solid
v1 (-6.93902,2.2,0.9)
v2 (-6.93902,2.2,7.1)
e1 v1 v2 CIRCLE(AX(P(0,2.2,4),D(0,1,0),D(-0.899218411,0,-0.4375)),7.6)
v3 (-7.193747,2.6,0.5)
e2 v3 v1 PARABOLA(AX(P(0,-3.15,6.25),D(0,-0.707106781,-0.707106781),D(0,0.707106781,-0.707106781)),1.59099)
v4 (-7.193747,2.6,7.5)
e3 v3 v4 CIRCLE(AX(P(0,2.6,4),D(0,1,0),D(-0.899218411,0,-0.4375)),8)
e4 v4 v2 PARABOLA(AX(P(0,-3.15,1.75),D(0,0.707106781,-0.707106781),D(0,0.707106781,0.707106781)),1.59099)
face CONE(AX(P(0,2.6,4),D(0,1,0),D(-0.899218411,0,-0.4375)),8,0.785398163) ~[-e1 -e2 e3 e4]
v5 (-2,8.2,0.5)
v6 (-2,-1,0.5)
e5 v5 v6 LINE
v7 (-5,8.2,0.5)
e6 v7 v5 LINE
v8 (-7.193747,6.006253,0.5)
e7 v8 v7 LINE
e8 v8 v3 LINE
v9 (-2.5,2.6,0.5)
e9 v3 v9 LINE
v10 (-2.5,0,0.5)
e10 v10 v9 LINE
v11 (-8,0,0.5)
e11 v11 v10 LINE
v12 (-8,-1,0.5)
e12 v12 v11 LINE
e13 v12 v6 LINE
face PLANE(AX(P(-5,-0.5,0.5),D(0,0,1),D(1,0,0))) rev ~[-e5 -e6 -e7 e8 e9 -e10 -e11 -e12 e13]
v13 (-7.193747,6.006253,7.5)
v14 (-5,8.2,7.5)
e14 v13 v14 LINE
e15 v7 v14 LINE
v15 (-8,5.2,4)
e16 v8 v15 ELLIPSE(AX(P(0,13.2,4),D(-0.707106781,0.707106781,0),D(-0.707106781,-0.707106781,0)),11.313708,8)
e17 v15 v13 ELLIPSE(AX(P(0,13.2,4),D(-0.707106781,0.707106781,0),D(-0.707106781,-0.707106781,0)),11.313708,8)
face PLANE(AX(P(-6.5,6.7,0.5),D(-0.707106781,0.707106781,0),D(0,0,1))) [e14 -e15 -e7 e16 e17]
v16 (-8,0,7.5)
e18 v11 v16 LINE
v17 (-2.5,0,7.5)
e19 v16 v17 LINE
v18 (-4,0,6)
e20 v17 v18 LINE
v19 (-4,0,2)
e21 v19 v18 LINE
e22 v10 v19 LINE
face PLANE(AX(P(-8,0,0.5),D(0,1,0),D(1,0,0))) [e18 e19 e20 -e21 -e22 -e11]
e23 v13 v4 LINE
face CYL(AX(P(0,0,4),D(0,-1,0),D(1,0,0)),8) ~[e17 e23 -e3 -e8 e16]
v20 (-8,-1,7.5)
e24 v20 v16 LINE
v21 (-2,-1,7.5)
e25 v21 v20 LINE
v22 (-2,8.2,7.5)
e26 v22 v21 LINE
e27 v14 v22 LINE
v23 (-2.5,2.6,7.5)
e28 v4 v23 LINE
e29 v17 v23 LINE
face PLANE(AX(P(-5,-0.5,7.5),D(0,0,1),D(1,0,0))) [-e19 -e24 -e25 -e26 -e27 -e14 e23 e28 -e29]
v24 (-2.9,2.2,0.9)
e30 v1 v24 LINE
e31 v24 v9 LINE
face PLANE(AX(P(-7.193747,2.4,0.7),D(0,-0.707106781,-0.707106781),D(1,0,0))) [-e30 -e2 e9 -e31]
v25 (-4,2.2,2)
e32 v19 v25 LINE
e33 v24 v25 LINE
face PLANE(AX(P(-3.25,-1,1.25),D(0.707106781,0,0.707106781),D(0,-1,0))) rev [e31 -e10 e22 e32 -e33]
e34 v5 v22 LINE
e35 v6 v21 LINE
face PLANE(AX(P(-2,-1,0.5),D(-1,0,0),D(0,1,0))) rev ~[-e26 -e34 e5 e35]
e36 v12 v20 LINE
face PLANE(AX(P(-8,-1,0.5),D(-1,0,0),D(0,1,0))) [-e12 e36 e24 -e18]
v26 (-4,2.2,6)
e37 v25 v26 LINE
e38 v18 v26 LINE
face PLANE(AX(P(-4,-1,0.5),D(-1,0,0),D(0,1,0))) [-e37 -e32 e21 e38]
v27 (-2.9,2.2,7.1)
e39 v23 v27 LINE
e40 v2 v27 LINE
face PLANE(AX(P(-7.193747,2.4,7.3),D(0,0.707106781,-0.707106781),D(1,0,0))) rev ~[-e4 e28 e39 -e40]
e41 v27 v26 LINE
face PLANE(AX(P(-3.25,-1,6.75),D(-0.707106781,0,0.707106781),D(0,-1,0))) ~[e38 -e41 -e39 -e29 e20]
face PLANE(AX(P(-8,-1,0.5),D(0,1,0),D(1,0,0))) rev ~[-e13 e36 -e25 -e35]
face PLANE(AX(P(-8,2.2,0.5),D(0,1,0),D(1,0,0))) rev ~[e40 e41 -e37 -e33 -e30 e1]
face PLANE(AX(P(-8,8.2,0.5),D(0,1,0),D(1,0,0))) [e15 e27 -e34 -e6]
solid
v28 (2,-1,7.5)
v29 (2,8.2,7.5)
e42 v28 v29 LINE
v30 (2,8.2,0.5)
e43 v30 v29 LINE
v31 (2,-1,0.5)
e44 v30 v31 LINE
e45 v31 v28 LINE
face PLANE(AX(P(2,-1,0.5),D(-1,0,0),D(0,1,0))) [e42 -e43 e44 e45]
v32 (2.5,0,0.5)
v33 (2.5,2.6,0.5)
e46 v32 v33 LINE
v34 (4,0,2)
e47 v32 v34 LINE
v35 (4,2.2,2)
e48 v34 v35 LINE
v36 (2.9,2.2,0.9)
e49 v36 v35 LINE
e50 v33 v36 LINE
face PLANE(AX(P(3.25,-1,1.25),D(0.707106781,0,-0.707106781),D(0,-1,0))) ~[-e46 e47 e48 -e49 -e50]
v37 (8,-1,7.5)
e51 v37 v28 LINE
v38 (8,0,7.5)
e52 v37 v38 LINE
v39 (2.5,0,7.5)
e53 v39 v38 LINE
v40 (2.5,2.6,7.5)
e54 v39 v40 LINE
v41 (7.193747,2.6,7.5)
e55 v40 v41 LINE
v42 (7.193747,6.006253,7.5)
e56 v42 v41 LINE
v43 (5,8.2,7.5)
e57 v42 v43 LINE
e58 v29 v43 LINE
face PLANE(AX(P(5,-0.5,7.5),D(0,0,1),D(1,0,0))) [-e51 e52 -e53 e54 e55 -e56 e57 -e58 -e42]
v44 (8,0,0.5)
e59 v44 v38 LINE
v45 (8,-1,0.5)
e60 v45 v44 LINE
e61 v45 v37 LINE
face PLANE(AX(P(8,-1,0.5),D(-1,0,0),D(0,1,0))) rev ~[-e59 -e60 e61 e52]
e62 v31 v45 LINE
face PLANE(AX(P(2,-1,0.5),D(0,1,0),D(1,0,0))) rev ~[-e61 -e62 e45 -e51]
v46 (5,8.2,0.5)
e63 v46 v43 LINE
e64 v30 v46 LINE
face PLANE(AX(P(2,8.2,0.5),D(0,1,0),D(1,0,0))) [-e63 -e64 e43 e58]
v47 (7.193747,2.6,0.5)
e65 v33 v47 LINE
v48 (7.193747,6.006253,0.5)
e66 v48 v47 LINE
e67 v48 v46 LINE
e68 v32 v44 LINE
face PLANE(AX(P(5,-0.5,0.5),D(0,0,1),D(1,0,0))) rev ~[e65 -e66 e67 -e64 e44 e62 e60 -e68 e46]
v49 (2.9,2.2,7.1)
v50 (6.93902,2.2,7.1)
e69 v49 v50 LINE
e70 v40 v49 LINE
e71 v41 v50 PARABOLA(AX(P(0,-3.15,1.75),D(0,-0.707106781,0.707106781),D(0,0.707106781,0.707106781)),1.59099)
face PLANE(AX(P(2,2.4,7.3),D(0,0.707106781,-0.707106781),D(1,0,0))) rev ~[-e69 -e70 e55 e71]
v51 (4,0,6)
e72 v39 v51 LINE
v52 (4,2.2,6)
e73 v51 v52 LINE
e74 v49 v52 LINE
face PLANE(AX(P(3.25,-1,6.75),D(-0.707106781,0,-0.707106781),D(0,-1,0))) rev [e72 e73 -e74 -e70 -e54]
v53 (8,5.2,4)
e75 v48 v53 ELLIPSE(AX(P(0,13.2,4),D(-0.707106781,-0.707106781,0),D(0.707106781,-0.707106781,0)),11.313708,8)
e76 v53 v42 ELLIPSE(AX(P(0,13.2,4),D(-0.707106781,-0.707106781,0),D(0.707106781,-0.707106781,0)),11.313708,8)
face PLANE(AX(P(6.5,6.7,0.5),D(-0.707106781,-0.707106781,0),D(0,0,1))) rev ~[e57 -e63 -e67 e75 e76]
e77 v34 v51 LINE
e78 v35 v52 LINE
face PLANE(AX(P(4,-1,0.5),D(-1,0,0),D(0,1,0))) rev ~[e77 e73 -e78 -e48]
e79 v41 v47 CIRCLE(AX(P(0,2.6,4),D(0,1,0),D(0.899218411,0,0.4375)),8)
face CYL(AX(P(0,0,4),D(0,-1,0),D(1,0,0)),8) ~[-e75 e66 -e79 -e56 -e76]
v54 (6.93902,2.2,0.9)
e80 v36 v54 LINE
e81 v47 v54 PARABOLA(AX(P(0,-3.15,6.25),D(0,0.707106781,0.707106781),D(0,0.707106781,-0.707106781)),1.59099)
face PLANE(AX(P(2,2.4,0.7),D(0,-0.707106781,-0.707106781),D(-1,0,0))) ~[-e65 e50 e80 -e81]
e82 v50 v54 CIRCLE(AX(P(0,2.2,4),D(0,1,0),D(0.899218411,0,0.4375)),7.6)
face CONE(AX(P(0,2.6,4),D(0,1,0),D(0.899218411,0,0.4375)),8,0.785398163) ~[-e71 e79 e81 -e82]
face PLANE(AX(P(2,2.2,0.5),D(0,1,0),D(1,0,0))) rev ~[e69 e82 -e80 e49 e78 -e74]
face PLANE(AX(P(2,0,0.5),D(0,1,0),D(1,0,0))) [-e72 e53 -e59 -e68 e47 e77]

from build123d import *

# Parameters (mm, degrees)
BOX005_W        = 6
BOX005_H        = 1
BOX005_DEPTH    = 7
BOX002_W        = 6
BOX002_H        = 1
BOX002_DEPTH    = 7
BOX001_W        = 2
BOX001_H        = 9
BOX001_DEPTH    = 7
BOX_W           = 2
BOX_H           = 9
BOX_DEPTH       = 7
CHAMFER_SIZE    = 1.5
BOX003_W        = 6
BOX003_H        = 6
BOX003_DEPTH    = 7
BOX004_W        = 6
BOX004_H        = 6
BOX004_DEPTH    = 7
CHAMFER001_SIZE = 3
CYLINDER_R      = 8
CYLINDER_DEPTH  = 10
CHAMFER002_SIZE = 0.4


with BuildPart() as cube005:
    # Box005 → Box005 (new body)
    with BuildSketch(Plane(origin=(2, -1, 0.5), x_dir=(1, 0, 0), z_dir=(0, 0, 1))):
        with Locations((3, 0.5)):
            Rectangle(BOX005_W, BOX005_H)
    extrude(amount=BOX005_DEPTH)


with BuildPart() as cube002:
    # Box002 → Box002 (new body)
    with BuildSketch(Plane(origin=(-8, -1, 0.5), x_dir=(1, 0, 0), z_dir=(0, 0, 1))):
        with Locations((3, 0.5)):
            Rectangle(BOX002_W, BOX002_H)
    extrude(amount=BOX002_DEPTH)


with BuildPart() as cube001:
    # Box001 → Box001 (new body)
    with BuildSketch(Plane(origin=(2, -1, 0.5), x_dir=(1, 0, 0), z_dir=(0, 0, 1))):
        with Locations((1, 4.5)):
            Rectangle(BOX001_W, BOX001_H)
    extrude(amount=BOX001_DEPTH)


with BuildPart() as chamfer_body:
    # Box → Box (new body)
    with BuildSketch(Plane(origin=(-4, -1, 0.5), x_dir=(1, 0, 0), z_dir=(0, 0, 1))):
        with Locations((1, 4.5)):
            Rectangle(BOX_W, BOX_H)
    extrude(amount=BOX_DEPTH)

    # Fusion: union Cube001
    add(cube001.part)

    # Chamfer
    chamfer_edges = [chamfer_body.edges().sort_by_distance(p)[0] for p in [
        (-4, 3.5, 7.5),
        (-4, 3.5, 0.5),
        (4, 3.5, 7.5),
        (4, 3.5, 0.5),
    ]]
    chamfer(chamfer_edges, length=CHAMFER_SIZE)


with BuildPart() as cube003:
    # Box003 → Box003 (new body)
    with BuildSketch(Plane(origin=(2, 2, 0.5), x_dir=(1, 0, 0), z_dir=(0, 0, 1))):
        with Locations((3, 3)):
            Rectangle(BOX003_W, BOX003_H)
    extrude(amount=BOX003_DEPTH)


with BuildPart() as chamfer001:
    # Box004 → Box004 (new body)
    with BuildSketch(Plane(origin=(-8, 2, 0.5), x_dir=(1, 0, 0), z_dir=(0, 0, 1))):
        with Locations((3, 3)):
            Rectangle(BOX004_W, BOX004_H)
    extrude(amount=BOX004_DEPTH)

    # Fusion001: union Cube003
    add(cube003.part)

    # Chamfer001
    chamfer001_edges = [chamfer001.edges().sort_by_distance(p)[0] for p in [
        (-8, 8, 4),
        (8, 8, 4),
    ]]
    chamfer(chamfer001_edges, length=CHAMFER001_SIZE)


with BuildPart() as chamfer001_1:
    # Chamfer001 placement: moved
    add(chamfer001.part.moved(Location((0, 0.2, 0))))


with BuildPart() as mounter_base:
    # Cylinder → Cylinder (new body)
    with BuildSketch(Plane(origin=(0, 0, 4), x_dir=(1, 0, 0), z_dir=(0, 1, 0))):
        Circle(CYLINDER_R)
    extrude(amount=CYLINDER_DEPTH)

    # Common: intersect Chamfer001
    add(chamfer001_1.part, mode=Mode.INTERSECT)

    # Chamfer002
    chamfer002_edges = [mounter_base.edges().sort_by_distance(p)[0] for p in [
        (7.795832, 2.2, 5.795832),
        (7.795832, 2.2, 2.204168),
        (4.596874, 2.2, 0.5),
        (4.596874, 2.2, 7.5),
        (-7.795832, 2.2, 5.795832),
        (-7.795832, 2.2, 2.204168),
        (-4.596874, 2.2, 7.5),
        (-4.596874, 2.2, 0.5),
    ]]
    chamfer(chamfer002_edges, length=CHAMFER002_SIZE)

    # Fusion002: union Cube005, Cube002, Chamfer body
    add(cube005.part)
    add(cube002.part)
    add(chamfer_body.part)


solid = mounter_base.part
